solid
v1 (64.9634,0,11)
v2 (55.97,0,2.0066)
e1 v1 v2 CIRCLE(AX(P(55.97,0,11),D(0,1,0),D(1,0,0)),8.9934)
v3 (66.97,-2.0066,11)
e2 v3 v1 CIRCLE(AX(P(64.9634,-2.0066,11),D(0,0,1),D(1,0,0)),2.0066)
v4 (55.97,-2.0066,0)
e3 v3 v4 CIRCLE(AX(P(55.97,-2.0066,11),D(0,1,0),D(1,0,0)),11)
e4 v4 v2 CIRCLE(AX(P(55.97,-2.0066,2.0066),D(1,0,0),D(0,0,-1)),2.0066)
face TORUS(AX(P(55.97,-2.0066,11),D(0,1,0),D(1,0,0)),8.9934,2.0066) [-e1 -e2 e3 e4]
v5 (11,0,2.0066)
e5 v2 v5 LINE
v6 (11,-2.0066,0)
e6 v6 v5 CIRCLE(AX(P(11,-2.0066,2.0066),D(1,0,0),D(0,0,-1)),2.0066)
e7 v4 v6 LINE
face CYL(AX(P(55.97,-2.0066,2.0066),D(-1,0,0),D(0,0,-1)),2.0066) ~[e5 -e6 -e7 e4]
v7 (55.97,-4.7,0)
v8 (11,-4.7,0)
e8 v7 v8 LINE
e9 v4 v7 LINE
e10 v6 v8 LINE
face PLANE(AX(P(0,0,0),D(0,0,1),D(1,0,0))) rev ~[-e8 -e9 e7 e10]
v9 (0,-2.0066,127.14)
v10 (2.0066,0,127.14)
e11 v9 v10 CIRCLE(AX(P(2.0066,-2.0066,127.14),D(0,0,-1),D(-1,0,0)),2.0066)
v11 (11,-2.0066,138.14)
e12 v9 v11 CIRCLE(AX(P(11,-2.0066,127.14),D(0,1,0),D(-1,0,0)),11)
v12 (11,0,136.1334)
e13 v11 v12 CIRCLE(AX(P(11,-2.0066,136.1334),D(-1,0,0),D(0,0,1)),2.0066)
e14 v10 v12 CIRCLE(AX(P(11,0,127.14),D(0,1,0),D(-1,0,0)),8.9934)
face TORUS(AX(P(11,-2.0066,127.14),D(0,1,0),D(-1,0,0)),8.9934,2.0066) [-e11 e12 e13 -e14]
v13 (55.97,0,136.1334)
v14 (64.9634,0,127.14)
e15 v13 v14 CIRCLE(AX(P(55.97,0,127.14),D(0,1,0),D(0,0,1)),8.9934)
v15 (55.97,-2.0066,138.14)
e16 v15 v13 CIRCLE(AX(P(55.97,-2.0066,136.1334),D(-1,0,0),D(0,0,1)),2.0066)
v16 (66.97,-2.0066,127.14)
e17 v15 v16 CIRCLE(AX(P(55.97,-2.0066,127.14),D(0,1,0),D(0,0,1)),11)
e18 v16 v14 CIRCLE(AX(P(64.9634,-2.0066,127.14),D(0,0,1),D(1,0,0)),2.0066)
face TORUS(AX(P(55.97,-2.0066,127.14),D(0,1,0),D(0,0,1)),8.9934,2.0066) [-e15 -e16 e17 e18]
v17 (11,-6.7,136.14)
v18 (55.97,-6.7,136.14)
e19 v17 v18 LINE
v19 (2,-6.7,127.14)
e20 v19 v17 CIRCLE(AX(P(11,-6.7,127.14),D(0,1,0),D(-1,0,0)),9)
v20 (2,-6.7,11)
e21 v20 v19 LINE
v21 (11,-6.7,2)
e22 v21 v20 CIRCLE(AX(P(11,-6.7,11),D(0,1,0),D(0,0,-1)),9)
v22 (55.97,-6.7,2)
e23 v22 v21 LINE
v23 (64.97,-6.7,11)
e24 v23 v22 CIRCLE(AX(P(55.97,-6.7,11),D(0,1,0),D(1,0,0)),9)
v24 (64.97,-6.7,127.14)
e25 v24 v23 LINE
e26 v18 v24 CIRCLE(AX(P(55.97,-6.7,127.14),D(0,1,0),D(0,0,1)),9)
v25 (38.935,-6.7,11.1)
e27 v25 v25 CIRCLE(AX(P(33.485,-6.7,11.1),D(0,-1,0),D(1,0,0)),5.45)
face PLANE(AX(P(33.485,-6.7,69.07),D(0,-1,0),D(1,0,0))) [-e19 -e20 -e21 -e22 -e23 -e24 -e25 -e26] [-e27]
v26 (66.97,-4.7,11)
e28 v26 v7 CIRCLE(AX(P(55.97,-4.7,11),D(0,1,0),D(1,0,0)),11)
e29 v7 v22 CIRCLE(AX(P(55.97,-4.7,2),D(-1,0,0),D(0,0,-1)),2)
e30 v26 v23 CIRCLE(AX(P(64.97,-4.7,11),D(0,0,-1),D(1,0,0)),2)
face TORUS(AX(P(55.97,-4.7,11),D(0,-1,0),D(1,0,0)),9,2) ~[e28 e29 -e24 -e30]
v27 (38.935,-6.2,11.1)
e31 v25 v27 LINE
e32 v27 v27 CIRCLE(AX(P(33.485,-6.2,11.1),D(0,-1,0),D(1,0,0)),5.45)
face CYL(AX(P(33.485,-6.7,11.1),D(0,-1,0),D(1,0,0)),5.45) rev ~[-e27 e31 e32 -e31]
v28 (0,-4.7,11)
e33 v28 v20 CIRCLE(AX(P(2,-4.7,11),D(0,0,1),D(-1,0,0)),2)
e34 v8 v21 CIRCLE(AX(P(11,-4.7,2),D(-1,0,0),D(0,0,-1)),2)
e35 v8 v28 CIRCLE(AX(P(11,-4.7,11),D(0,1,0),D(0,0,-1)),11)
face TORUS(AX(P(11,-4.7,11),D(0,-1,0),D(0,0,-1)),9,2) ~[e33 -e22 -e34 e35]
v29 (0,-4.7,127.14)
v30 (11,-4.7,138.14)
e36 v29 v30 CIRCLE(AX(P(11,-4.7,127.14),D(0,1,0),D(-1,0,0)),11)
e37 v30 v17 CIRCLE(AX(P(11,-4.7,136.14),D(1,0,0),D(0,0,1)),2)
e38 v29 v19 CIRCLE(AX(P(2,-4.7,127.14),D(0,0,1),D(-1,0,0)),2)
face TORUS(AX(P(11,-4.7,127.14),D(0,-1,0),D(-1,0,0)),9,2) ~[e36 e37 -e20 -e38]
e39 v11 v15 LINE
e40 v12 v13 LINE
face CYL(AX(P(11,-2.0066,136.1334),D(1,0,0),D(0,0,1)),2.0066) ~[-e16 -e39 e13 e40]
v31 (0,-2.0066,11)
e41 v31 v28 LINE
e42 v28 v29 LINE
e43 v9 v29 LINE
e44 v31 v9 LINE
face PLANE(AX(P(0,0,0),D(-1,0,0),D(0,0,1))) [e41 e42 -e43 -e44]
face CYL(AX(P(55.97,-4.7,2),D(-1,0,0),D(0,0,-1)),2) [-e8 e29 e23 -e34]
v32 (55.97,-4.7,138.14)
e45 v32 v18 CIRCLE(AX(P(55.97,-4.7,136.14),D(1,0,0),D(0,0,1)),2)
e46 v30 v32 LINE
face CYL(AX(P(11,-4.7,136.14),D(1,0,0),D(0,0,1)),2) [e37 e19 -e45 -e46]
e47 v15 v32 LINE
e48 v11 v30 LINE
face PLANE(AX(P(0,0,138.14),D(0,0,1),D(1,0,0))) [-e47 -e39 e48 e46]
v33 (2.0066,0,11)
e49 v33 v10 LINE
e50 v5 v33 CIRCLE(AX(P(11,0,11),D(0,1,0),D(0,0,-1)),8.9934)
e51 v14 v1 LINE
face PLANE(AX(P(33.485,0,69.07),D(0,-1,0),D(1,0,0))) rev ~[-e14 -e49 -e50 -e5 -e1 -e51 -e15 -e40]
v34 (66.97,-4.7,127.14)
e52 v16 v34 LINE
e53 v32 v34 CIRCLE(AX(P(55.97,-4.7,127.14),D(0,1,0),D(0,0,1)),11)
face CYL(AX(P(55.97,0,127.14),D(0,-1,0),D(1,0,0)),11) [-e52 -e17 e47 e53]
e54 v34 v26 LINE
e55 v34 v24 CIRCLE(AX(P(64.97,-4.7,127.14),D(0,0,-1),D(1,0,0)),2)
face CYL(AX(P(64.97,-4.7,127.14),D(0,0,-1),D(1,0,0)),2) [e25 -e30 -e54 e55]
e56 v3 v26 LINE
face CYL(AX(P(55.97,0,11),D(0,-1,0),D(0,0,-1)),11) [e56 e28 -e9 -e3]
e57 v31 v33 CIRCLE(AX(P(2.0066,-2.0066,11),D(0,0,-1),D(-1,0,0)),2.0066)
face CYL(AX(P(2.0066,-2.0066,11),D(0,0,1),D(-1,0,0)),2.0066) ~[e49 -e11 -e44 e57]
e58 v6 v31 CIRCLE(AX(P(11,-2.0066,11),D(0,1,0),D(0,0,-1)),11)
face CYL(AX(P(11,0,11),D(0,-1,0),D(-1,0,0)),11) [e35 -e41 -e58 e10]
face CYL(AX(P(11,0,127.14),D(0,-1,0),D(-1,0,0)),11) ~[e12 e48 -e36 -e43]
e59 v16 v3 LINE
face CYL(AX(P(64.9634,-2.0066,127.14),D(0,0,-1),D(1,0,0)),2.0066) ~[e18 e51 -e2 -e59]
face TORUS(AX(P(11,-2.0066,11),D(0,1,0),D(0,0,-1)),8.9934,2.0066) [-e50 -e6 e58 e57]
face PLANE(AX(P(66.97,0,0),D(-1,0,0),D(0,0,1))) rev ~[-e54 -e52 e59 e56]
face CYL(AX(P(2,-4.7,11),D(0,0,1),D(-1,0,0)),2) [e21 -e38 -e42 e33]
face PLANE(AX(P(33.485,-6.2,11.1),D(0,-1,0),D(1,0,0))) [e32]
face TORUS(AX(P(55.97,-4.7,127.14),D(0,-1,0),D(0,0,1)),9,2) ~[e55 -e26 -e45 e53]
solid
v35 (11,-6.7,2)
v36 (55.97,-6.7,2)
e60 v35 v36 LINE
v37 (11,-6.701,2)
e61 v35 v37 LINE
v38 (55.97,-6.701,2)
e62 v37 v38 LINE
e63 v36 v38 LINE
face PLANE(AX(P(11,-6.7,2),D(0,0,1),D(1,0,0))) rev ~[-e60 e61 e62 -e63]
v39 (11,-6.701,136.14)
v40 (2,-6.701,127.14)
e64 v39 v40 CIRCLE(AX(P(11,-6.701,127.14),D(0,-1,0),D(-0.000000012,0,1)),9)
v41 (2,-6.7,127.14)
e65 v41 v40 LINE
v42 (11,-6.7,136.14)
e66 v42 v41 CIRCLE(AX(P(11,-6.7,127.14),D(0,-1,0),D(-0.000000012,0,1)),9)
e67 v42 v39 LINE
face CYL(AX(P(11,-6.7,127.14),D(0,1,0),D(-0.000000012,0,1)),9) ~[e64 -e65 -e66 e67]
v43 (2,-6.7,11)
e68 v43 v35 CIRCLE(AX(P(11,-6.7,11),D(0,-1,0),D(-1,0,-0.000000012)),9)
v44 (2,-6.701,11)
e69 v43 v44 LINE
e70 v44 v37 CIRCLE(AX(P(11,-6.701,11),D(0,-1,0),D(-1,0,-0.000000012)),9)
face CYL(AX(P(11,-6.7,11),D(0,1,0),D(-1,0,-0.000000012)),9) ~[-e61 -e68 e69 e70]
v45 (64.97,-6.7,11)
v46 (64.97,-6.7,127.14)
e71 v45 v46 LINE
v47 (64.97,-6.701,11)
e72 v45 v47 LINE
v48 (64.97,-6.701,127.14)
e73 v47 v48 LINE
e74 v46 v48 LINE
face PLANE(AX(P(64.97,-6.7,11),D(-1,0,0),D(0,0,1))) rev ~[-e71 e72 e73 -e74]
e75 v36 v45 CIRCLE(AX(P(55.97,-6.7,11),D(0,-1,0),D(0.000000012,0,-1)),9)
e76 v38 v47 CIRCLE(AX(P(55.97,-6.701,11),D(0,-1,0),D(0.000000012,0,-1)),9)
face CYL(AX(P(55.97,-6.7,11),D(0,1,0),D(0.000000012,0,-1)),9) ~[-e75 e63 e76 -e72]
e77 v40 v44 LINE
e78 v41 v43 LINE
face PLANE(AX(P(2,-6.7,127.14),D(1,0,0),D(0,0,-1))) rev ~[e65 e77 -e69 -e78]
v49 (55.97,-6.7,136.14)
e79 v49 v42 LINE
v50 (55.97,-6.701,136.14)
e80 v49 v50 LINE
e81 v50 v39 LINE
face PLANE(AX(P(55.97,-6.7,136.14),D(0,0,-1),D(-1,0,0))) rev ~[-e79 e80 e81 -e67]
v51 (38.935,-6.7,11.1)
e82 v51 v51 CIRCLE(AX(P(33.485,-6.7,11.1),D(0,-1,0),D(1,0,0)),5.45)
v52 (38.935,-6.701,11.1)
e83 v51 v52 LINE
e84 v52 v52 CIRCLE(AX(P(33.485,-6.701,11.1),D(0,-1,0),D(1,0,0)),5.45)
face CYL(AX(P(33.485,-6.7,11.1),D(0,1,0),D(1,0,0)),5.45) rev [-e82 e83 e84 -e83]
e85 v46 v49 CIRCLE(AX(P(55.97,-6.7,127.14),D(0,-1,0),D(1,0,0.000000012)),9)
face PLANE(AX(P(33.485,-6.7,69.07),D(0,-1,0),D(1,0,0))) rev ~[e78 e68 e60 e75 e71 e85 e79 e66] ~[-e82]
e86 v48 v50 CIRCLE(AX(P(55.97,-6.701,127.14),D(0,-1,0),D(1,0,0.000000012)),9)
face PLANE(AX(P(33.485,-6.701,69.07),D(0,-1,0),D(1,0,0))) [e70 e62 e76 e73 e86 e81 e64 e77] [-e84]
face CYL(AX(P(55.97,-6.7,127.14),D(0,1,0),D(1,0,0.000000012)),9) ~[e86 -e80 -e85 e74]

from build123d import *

# Parameters (mm, degrees)
F0_W      = 66.97
F0_H      = 138.14
F1_DEPTH  = 6.7
F2_R      = 11
F3_R      = 2
F4_R      = 2.0066
F5_R      = 5.45
F6_DEPTH  = 0.5
F8_DEPTH  = 0.001
F9_DEPTH  = 0.001
F11_DEPTH = 0.001


with BuildPart() as f1:
    # F0 (on Front) → F1 (new body)
    with BuildSketch(Plane.XZ):
        with Locations((33.485, 69.07)):
            Rectangle(F0_W, F0_H)
    extrude(amount=F1_DEPTH)

    # F2
    f2_edges = [f1.edges().sort_by_distance(p)[0] for p in [
        (0, -3.35, 138.14),
        (66.97, -3.35, 138.14),
        (66.97, -3.35, 0),
        (0, -3.35, 0),
    ]]
    fillet(f2_edges, radius=F2_R)

    # F3
    f3_edges = [f1.edges().sort_by_distance(p)[0] for p in [
        (0, -6.7, 69.07),
        (3.221825, -6.7, 134.918175),
        (3.221825, -6.7, 3.221825),
        (33.485, -6.7, 138.14),
        (33.485, -6.7, 0),
        (63.748175, -6.7, 134.918175),
        (63.748175, -6.7, 3.221825),
        (66.97, -6.7, 69.07),
    ]]
    fillet(f3_edges, radius=F3_R)

    # F4
    f4_edges = [f1.edges().sort_by_distance(p)[0] for p in [
        (0, 0, 69.07),
        (3.221825, 0, 134.918175),
        (3.221825, 0, 3.221825),
        (33.485, 0, 138.14),
        (33.485, 0, 0),
        (63.748175, 0, 134.918175),
        (63.748175, 0, 3.221825),
        (66.97, 0, 69.07),
    ]]
    fillet(f4_edges, radius=F4_R)


with BuildPart() as f6:
    # F5 (on face) → F6 (new body)
    with BuildSketch(Plane.XZ.offset(6.7)):
        with Locations((33.485, 11.1)):
            Circle(F5_R)
    extrude(amount=-F6_DEPTH)


with BuildPart() as f1_1:
    add(f1.part)

    # F7: cut F6
    add(f6.part, mode=Mode.SUBTRACT)


with BuildPart() as f8:
    # F5 (on face) → F8 (new body)
    with BuildSketch(Plane.XZ.offset(6.7)):
        with BuildLine():
            ThreePointArc((11, 136.14), (4.636039, 133.503961), (2, 127.14))
            Line((2, 127.14), (2, 11))
            ThreePointArc((2, 11), (4.636039, 4.636039), (11, 2))
            Line((11, 2), (55.97, 2))
            ThreePointArc((55.97, 2), (62.333961, 4.636039), (64.97, 11))
            Line((64.97, 11), (64.97, 127.14))
            ThreePointArc((64.97, 127.14), (62.333961, 133.503961), (55.97, 136.14))
            Line((55.97, 136.14), (11, 136.14))
        make_face()
        with Locations((33.485, 11.1)):
            Circle(F5_R, mode=Mode.SUBTRACT)
    extrude(amount=F8_DEPTH)


with BuildPart() as f9:
    # F5 (on face) → F9 (new body)
    with BuildSketch(Plane.XZ.offset(6.7)):
        with Locations((33.485, 11.1)):
            Circle(F5_R)
    extrude(amount=F9_DEPTH)


with BuildPart() as f11:
    # F5 (on face) → F11 (new body)
    with BuildSketch(Plane.XZ.offset(6.7)):
        with Locations((33.485, 11.1)):
            Circle(F5_R)
    extrude(amount=-F11_DEPTH)


solid = Compound([f1_1.part, f8.part])
